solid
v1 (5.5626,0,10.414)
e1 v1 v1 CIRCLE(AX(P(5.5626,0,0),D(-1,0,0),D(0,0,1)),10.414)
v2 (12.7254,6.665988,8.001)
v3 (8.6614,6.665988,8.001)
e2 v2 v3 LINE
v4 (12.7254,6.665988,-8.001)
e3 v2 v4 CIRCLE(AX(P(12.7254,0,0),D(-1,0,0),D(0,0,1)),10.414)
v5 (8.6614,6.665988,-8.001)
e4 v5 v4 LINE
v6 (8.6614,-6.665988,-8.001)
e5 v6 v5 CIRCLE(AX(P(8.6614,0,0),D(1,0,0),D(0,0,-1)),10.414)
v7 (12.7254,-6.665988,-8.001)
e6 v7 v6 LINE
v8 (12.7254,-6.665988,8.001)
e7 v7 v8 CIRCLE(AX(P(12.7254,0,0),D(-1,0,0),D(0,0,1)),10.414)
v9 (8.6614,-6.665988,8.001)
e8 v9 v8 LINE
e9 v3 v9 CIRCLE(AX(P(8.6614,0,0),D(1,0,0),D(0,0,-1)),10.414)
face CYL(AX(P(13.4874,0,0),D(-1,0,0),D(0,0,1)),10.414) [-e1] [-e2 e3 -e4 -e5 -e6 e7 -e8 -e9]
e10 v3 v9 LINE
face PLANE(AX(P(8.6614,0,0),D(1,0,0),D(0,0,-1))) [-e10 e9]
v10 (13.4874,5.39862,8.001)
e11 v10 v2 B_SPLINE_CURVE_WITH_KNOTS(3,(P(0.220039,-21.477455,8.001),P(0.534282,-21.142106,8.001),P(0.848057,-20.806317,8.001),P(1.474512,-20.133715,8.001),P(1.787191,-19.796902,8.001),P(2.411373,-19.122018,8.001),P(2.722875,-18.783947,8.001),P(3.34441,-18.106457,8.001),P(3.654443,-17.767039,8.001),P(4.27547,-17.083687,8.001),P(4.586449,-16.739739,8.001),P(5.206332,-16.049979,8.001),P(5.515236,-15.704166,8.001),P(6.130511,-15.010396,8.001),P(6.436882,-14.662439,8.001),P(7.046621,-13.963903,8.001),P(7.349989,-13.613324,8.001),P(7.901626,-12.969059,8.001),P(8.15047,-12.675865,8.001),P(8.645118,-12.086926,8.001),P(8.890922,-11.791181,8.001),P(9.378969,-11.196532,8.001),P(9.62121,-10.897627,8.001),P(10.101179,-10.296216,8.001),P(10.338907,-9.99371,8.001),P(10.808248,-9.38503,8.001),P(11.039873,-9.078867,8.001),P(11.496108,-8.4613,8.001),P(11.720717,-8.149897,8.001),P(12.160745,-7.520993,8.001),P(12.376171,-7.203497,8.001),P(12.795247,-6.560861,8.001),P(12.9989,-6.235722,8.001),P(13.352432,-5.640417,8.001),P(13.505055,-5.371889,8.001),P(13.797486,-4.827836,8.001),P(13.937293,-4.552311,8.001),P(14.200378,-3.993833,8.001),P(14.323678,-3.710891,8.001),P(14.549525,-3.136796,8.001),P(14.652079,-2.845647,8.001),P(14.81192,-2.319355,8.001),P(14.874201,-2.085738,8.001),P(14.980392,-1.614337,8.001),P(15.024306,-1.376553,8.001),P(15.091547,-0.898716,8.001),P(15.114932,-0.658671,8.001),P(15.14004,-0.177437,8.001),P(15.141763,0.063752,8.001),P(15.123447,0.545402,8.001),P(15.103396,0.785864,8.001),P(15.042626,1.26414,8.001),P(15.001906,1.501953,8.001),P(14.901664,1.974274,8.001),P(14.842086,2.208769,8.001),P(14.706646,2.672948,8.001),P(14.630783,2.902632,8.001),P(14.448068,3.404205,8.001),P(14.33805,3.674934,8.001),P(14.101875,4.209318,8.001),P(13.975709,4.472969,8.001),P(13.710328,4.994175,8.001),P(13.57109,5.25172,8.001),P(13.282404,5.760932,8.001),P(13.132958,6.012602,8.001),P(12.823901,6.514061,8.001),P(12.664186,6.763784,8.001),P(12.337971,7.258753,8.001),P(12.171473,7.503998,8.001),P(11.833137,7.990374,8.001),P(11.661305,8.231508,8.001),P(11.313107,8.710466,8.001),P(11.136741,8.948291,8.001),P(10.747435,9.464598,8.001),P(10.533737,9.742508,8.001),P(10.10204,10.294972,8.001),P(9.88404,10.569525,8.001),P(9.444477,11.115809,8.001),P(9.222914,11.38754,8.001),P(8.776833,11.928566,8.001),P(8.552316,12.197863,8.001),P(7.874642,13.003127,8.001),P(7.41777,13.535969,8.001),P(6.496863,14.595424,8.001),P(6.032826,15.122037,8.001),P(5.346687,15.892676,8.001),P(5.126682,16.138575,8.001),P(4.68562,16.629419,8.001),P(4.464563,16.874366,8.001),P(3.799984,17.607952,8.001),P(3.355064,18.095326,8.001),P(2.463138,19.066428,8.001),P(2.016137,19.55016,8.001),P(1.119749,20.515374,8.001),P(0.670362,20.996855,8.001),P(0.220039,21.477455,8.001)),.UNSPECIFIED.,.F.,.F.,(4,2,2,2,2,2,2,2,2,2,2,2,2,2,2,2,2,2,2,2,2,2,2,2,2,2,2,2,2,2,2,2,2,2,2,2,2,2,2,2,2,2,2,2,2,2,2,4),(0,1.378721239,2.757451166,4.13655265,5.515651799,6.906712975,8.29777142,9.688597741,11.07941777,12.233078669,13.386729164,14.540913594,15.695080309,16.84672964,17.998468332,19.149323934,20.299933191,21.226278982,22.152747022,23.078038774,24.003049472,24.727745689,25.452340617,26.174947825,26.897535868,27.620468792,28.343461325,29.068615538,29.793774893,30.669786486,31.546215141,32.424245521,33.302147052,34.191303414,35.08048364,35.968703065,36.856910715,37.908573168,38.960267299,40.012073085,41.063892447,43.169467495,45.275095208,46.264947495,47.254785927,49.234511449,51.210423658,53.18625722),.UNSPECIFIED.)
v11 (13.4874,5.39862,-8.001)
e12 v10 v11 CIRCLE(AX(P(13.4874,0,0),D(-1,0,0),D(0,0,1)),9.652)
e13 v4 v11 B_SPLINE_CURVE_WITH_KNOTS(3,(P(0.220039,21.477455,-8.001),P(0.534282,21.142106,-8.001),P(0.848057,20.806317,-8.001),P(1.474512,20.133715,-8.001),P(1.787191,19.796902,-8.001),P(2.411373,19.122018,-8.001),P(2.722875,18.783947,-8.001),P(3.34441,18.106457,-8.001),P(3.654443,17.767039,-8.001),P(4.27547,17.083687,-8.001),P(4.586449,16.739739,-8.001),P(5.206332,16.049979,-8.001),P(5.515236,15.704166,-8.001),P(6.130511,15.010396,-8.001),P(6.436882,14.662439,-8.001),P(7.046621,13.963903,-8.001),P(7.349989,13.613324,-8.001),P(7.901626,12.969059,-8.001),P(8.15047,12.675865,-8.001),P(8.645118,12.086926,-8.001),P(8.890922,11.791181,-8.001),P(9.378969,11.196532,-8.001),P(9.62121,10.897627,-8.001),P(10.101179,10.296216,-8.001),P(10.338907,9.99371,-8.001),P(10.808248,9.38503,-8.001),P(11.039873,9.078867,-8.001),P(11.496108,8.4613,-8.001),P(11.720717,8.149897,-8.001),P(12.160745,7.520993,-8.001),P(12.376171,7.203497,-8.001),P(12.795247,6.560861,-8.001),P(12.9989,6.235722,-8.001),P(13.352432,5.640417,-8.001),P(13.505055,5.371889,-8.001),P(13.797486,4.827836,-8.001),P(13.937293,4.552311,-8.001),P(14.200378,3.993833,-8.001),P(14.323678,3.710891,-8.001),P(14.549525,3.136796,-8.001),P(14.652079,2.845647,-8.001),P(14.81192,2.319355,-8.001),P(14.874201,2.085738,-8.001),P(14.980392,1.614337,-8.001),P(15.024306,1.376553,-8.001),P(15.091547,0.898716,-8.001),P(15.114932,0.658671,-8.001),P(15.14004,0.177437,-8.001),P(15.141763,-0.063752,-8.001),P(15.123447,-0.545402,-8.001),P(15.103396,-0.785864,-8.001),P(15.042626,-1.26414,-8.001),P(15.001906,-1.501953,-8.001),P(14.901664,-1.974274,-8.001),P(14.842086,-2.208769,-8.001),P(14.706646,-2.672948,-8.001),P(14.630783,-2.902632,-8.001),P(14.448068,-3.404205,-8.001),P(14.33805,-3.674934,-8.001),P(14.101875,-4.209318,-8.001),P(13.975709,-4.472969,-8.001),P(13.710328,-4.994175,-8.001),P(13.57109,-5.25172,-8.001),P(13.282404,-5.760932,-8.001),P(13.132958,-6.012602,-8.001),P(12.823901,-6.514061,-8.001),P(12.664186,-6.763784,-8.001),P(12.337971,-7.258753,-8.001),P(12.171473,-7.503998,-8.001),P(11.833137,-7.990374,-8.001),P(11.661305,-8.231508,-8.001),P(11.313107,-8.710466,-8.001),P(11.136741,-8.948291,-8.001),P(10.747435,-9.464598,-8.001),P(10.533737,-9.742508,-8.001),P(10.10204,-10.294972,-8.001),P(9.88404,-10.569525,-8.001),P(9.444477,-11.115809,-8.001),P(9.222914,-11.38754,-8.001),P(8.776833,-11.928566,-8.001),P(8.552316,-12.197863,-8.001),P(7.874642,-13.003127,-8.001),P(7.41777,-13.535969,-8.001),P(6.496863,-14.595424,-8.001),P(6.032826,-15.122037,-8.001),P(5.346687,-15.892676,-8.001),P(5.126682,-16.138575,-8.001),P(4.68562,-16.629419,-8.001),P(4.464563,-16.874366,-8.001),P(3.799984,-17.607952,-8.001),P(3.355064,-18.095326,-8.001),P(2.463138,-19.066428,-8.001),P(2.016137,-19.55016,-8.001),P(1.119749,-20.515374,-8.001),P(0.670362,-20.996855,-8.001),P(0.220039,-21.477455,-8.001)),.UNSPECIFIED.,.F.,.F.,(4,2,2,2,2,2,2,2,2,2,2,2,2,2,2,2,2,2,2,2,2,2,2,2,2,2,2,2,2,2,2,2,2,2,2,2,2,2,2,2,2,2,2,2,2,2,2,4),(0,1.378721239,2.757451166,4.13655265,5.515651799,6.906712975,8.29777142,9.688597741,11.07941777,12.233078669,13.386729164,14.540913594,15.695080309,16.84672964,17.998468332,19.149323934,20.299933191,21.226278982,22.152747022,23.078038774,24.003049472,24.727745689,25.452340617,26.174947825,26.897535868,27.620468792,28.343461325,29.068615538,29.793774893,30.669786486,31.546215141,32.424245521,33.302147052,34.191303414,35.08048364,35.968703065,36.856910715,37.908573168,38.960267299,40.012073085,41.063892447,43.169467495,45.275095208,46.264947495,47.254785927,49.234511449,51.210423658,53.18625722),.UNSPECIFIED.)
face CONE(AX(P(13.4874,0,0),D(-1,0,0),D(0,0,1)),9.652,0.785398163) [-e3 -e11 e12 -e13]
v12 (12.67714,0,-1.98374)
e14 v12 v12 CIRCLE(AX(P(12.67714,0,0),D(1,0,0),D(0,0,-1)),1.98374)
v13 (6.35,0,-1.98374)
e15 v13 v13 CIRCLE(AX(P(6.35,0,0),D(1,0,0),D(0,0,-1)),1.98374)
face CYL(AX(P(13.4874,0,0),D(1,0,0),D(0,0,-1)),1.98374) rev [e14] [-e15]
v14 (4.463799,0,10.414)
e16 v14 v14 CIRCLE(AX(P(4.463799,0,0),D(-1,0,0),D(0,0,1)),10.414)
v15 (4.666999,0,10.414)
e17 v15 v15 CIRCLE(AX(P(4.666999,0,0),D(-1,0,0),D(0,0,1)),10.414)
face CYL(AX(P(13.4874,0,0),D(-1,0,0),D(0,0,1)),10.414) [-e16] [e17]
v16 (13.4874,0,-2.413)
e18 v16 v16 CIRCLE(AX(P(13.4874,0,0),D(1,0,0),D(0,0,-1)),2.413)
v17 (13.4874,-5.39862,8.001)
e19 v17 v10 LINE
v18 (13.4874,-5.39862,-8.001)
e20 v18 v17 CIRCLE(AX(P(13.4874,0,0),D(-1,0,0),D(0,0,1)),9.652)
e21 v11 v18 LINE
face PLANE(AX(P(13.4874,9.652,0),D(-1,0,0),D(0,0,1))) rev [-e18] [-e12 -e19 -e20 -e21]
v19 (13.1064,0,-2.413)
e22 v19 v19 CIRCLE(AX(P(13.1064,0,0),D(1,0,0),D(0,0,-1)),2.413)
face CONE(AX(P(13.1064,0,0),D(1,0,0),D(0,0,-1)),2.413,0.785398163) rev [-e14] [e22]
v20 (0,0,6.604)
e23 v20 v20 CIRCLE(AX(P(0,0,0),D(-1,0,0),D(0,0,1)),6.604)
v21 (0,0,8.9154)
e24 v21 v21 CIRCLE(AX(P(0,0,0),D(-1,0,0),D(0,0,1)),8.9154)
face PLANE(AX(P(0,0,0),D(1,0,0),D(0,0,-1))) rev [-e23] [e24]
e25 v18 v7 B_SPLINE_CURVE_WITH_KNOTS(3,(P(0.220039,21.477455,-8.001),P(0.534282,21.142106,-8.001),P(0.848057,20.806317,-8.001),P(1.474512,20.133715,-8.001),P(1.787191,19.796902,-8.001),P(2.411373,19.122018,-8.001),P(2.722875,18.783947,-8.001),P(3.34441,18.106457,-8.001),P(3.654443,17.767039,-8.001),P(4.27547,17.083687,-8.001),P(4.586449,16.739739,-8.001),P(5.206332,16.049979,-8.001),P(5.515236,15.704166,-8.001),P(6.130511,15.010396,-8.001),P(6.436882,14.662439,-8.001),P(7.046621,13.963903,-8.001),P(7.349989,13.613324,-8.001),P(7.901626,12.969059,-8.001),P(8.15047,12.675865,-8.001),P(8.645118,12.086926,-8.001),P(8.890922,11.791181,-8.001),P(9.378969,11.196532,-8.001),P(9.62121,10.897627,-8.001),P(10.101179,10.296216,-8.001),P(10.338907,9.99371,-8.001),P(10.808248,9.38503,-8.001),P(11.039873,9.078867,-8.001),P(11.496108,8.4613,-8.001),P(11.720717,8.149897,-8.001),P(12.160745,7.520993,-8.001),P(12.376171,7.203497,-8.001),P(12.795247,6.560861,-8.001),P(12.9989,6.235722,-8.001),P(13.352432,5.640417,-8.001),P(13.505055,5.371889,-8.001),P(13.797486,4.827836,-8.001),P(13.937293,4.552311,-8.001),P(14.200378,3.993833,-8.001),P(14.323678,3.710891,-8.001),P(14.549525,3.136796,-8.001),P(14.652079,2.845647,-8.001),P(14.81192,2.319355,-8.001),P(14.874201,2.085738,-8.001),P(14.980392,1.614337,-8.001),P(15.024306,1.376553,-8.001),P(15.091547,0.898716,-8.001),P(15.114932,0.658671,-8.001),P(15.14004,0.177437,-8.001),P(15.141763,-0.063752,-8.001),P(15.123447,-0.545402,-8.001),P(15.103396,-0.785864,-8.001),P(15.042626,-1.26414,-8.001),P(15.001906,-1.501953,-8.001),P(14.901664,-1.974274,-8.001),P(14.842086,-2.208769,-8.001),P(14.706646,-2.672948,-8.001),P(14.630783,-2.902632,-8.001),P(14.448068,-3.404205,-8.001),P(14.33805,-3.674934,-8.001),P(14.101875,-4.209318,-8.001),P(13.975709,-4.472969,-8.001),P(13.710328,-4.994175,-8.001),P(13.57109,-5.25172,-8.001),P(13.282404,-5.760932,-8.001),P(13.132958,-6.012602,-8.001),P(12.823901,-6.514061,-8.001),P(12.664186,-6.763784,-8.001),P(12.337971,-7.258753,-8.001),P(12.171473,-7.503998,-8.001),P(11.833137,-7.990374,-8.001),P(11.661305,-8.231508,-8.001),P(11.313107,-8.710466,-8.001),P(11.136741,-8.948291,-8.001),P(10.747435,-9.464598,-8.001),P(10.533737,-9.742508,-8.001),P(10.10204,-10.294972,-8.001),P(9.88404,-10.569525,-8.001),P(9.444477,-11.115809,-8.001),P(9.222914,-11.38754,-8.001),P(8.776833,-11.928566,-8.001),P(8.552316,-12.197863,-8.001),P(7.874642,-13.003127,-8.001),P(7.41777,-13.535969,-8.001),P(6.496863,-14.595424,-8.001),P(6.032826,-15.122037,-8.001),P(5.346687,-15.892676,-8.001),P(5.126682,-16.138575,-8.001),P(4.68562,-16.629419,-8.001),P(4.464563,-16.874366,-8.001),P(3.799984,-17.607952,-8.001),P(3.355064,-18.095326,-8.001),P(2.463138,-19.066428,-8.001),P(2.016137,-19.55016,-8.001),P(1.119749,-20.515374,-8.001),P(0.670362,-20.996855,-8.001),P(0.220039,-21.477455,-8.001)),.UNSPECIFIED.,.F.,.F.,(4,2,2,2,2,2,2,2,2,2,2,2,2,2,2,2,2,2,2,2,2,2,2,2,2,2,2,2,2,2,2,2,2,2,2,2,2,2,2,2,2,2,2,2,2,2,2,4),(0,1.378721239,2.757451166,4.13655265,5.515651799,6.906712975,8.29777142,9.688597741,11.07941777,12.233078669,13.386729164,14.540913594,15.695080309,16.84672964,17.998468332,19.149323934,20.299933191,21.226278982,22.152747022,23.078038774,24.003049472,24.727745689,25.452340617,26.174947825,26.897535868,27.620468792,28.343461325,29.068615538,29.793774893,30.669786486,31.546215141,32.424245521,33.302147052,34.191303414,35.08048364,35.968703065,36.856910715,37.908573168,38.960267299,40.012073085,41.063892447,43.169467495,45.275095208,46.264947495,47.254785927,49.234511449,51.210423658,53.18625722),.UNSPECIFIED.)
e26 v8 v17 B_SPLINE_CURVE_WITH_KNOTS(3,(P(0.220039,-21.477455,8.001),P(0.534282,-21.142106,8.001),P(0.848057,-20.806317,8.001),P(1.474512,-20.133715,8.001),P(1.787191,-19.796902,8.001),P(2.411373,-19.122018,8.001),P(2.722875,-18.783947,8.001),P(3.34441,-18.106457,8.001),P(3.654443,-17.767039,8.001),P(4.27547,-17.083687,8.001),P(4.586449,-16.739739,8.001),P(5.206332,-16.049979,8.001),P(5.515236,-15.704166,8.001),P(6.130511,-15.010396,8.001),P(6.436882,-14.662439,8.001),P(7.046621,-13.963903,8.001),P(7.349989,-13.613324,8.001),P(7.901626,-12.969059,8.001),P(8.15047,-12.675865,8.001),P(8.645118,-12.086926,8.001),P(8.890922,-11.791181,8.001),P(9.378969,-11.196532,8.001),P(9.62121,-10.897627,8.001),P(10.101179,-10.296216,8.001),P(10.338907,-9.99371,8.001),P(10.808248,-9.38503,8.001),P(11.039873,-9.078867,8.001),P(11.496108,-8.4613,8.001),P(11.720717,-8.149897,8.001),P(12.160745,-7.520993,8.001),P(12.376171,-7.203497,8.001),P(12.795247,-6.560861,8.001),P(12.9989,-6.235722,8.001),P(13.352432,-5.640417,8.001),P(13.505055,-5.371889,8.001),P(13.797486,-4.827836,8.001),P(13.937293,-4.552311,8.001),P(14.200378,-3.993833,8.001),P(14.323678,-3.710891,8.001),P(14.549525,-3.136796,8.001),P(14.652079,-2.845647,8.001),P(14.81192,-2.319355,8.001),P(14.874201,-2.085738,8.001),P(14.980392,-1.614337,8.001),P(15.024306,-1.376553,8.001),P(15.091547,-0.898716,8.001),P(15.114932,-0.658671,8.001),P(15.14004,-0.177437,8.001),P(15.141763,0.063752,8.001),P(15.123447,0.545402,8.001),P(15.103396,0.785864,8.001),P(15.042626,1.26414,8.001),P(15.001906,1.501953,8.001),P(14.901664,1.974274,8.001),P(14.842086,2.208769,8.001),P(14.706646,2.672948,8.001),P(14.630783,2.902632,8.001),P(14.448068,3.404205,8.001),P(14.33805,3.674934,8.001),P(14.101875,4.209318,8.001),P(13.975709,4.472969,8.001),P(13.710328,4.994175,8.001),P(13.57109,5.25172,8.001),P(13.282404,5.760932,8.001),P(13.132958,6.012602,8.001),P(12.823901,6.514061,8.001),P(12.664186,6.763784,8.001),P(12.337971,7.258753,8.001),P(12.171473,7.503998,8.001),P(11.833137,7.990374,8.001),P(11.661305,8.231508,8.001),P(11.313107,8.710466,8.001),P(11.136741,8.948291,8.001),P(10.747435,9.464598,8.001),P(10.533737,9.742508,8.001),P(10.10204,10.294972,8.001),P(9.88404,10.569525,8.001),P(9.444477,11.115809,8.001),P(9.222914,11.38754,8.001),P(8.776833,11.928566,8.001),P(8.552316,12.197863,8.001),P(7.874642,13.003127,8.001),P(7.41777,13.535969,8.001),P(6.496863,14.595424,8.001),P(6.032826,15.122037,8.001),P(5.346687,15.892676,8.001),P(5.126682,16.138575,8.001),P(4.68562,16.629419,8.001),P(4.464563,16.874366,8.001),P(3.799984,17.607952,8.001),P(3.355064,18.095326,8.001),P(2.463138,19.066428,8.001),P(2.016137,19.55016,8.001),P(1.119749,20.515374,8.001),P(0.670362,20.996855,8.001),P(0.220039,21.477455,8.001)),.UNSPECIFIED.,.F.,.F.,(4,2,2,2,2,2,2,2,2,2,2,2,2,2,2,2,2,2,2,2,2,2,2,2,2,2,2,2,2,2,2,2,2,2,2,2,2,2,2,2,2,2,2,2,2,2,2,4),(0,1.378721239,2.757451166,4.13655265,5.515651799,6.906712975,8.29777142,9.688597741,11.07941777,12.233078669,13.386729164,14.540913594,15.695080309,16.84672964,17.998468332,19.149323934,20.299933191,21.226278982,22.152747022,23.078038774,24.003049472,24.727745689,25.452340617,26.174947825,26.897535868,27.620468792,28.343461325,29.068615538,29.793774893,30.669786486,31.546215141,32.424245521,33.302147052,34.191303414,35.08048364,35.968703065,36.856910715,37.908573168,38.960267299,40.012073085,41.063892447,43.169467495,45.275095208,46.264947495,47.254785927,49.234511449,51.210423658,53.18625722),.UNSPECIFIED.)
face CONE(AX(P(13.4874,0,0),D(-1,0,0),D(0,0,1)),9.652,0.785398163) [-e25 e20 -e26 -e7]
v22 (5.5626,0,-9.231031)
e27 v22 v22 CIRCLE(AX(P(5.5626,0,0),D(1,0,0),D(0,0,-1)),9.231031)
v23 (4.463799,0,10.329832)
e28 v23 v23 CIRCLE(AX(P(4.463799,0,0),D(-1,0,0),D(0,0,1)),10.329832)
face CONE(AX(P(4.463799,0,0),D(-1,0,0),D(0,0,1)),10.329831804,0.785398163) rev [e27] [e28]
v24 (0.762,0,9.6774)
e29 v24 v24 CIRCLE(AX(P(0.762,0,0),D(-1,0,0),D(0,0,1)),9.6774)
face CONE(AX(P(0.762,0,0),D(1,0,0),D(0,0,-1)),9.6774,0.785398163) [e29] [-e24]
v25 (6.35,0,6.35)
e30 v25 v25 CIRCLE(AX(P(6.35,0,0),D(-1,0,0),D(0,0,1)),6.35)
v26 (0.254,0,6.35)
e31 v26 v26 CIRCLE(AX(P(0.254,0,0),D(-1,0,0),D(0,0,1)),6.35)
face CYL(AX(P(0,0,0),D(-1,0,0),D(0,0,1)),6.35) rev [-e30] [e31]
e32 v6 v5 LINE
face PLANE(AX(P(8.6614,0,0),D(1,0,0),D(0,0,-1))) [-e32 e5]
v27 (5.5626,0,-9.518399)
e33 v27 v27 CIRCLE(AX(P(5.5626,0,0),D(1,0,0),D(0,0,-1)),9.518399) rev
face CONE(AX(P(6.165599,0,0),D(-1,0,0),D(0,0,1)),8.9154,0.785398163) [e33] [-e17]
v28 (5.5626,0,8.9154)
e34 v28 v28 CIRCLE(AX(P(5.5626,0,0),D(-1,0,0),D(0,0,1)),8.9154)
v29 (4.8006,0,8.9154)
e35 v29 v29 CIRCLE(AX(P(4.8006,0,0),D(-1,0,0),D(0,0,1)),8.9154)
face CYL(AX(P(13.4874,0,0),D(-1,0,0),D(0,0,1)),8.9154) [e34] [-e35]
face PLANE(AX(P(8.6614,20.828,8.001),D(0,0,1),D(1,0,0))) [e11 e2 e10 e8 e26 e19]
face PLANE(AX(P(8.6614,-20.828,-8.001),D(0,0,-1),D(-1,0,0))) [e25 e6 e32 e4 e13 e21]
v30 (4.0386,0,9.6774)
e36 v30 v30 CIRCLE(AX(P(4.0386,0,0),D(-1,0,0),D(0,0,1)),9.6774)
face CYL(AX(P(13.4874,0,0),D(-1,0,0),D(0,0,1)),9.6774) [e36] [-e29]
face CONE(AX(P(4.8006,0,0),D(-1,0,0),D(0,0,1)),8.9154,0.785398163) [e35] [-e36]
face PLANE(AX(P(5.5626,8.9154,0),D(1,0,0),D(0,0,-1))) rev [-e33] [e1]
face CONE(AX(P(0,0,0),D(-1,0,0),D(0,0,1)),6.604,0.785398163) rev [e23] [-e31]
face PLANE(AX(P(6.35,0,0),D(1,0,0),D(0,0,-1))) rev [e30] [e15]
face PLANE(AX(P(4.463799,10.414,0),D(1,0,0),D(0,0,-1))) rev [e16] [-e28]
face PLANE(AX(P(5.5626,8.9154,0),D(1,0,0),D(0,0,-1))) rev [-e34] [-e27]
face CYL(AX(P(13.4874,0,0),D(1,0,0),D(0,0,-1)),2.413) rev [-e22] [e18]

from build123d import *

# Parameters (mm, degrees)
SKETCH2_W          = 32.004
SKETCH2_H          = 83.312
SKETCH2_W_2        = 16.002
SKETCH2_H_2        = 41.656
CUT_EXTRUDE1_DEPTH = 4.826


with BuildPart() as part:
    # Sketch1 → Revolve1 (revolve)
    with BuildSketch(Plane.XY):
        Polygon((0, 0), (0, 8.9154), (0.762, 9.6774), (4.0386, 9.6774), (4.8006, 8.9154), (5.5626, 8.9154), (5.5626, 10.414), (12.7254, 10.414), (13.4874, 9.652), (13.4874, 0), align=None)
    revolve(axis=Axis((13.4874, 0, 0), (-1, 0, 0)))

    # Sketch2 → Cut-Extrude1 (cut)
    with BuildSketch(Plane(origin=(13.4874, 0, 0), x_dir=(0, 0, -1), z_dir=(1, 0, 0))):
        Rectangle(SKETCH2_W, SKETCH2_H)
        Rectangle(SKETCH2_W_2, SKETCH2_H_2, mode=Mode.SUBTRACT)
    extrude(amount=-CUT_EXTRUDE1_DEPTH, mode=Mode.SUBTRACT)

    # Sketch3 → Hole1 (revolve, cut)
    with BuildSketch(Plane.ZX):
        Polygon((0, 0), (0, 6.35), (6.35, 6.35), (6.35, 0.254), (6.604, 0), align=None)
    revolve(axis=Axis((-6.445314094, 0, 0), (1, 0, 0)), mode=Mode.SUBTRACT)

    # Sketch5 → Hole2 (revolve, cut)
    with BuildSketch(Plane(origin=(13.4874, 0, 0), x_dir=(0, 0, -1), z_dir=(0, 1, 0))):
        Polygon((0, 0), (0, 13.8684), (1.98374, 13.8684), (1.98374, 0.81026), (2.413, 0.381), (2.413, 0), align=None)
    revolve(axis=Axis((19.617423899, 0, 0), (-1, 0, 0)), mode=Mode.SUBTRACT)

    # Sketch7 → Revolve2 (revolve)
    with BuildSketch(Plane.XY):
        Polygon((4.46379893, 10.329831804), (5.878230735, 8.9154), (6.16559893, 8.9154), (4.66699893, 10.414), (4.46379893, 10.414), align=None)
    revolve(axis=Axis((13.4874, 0, 0), (-1, 0, 0)))


solid = part.part
